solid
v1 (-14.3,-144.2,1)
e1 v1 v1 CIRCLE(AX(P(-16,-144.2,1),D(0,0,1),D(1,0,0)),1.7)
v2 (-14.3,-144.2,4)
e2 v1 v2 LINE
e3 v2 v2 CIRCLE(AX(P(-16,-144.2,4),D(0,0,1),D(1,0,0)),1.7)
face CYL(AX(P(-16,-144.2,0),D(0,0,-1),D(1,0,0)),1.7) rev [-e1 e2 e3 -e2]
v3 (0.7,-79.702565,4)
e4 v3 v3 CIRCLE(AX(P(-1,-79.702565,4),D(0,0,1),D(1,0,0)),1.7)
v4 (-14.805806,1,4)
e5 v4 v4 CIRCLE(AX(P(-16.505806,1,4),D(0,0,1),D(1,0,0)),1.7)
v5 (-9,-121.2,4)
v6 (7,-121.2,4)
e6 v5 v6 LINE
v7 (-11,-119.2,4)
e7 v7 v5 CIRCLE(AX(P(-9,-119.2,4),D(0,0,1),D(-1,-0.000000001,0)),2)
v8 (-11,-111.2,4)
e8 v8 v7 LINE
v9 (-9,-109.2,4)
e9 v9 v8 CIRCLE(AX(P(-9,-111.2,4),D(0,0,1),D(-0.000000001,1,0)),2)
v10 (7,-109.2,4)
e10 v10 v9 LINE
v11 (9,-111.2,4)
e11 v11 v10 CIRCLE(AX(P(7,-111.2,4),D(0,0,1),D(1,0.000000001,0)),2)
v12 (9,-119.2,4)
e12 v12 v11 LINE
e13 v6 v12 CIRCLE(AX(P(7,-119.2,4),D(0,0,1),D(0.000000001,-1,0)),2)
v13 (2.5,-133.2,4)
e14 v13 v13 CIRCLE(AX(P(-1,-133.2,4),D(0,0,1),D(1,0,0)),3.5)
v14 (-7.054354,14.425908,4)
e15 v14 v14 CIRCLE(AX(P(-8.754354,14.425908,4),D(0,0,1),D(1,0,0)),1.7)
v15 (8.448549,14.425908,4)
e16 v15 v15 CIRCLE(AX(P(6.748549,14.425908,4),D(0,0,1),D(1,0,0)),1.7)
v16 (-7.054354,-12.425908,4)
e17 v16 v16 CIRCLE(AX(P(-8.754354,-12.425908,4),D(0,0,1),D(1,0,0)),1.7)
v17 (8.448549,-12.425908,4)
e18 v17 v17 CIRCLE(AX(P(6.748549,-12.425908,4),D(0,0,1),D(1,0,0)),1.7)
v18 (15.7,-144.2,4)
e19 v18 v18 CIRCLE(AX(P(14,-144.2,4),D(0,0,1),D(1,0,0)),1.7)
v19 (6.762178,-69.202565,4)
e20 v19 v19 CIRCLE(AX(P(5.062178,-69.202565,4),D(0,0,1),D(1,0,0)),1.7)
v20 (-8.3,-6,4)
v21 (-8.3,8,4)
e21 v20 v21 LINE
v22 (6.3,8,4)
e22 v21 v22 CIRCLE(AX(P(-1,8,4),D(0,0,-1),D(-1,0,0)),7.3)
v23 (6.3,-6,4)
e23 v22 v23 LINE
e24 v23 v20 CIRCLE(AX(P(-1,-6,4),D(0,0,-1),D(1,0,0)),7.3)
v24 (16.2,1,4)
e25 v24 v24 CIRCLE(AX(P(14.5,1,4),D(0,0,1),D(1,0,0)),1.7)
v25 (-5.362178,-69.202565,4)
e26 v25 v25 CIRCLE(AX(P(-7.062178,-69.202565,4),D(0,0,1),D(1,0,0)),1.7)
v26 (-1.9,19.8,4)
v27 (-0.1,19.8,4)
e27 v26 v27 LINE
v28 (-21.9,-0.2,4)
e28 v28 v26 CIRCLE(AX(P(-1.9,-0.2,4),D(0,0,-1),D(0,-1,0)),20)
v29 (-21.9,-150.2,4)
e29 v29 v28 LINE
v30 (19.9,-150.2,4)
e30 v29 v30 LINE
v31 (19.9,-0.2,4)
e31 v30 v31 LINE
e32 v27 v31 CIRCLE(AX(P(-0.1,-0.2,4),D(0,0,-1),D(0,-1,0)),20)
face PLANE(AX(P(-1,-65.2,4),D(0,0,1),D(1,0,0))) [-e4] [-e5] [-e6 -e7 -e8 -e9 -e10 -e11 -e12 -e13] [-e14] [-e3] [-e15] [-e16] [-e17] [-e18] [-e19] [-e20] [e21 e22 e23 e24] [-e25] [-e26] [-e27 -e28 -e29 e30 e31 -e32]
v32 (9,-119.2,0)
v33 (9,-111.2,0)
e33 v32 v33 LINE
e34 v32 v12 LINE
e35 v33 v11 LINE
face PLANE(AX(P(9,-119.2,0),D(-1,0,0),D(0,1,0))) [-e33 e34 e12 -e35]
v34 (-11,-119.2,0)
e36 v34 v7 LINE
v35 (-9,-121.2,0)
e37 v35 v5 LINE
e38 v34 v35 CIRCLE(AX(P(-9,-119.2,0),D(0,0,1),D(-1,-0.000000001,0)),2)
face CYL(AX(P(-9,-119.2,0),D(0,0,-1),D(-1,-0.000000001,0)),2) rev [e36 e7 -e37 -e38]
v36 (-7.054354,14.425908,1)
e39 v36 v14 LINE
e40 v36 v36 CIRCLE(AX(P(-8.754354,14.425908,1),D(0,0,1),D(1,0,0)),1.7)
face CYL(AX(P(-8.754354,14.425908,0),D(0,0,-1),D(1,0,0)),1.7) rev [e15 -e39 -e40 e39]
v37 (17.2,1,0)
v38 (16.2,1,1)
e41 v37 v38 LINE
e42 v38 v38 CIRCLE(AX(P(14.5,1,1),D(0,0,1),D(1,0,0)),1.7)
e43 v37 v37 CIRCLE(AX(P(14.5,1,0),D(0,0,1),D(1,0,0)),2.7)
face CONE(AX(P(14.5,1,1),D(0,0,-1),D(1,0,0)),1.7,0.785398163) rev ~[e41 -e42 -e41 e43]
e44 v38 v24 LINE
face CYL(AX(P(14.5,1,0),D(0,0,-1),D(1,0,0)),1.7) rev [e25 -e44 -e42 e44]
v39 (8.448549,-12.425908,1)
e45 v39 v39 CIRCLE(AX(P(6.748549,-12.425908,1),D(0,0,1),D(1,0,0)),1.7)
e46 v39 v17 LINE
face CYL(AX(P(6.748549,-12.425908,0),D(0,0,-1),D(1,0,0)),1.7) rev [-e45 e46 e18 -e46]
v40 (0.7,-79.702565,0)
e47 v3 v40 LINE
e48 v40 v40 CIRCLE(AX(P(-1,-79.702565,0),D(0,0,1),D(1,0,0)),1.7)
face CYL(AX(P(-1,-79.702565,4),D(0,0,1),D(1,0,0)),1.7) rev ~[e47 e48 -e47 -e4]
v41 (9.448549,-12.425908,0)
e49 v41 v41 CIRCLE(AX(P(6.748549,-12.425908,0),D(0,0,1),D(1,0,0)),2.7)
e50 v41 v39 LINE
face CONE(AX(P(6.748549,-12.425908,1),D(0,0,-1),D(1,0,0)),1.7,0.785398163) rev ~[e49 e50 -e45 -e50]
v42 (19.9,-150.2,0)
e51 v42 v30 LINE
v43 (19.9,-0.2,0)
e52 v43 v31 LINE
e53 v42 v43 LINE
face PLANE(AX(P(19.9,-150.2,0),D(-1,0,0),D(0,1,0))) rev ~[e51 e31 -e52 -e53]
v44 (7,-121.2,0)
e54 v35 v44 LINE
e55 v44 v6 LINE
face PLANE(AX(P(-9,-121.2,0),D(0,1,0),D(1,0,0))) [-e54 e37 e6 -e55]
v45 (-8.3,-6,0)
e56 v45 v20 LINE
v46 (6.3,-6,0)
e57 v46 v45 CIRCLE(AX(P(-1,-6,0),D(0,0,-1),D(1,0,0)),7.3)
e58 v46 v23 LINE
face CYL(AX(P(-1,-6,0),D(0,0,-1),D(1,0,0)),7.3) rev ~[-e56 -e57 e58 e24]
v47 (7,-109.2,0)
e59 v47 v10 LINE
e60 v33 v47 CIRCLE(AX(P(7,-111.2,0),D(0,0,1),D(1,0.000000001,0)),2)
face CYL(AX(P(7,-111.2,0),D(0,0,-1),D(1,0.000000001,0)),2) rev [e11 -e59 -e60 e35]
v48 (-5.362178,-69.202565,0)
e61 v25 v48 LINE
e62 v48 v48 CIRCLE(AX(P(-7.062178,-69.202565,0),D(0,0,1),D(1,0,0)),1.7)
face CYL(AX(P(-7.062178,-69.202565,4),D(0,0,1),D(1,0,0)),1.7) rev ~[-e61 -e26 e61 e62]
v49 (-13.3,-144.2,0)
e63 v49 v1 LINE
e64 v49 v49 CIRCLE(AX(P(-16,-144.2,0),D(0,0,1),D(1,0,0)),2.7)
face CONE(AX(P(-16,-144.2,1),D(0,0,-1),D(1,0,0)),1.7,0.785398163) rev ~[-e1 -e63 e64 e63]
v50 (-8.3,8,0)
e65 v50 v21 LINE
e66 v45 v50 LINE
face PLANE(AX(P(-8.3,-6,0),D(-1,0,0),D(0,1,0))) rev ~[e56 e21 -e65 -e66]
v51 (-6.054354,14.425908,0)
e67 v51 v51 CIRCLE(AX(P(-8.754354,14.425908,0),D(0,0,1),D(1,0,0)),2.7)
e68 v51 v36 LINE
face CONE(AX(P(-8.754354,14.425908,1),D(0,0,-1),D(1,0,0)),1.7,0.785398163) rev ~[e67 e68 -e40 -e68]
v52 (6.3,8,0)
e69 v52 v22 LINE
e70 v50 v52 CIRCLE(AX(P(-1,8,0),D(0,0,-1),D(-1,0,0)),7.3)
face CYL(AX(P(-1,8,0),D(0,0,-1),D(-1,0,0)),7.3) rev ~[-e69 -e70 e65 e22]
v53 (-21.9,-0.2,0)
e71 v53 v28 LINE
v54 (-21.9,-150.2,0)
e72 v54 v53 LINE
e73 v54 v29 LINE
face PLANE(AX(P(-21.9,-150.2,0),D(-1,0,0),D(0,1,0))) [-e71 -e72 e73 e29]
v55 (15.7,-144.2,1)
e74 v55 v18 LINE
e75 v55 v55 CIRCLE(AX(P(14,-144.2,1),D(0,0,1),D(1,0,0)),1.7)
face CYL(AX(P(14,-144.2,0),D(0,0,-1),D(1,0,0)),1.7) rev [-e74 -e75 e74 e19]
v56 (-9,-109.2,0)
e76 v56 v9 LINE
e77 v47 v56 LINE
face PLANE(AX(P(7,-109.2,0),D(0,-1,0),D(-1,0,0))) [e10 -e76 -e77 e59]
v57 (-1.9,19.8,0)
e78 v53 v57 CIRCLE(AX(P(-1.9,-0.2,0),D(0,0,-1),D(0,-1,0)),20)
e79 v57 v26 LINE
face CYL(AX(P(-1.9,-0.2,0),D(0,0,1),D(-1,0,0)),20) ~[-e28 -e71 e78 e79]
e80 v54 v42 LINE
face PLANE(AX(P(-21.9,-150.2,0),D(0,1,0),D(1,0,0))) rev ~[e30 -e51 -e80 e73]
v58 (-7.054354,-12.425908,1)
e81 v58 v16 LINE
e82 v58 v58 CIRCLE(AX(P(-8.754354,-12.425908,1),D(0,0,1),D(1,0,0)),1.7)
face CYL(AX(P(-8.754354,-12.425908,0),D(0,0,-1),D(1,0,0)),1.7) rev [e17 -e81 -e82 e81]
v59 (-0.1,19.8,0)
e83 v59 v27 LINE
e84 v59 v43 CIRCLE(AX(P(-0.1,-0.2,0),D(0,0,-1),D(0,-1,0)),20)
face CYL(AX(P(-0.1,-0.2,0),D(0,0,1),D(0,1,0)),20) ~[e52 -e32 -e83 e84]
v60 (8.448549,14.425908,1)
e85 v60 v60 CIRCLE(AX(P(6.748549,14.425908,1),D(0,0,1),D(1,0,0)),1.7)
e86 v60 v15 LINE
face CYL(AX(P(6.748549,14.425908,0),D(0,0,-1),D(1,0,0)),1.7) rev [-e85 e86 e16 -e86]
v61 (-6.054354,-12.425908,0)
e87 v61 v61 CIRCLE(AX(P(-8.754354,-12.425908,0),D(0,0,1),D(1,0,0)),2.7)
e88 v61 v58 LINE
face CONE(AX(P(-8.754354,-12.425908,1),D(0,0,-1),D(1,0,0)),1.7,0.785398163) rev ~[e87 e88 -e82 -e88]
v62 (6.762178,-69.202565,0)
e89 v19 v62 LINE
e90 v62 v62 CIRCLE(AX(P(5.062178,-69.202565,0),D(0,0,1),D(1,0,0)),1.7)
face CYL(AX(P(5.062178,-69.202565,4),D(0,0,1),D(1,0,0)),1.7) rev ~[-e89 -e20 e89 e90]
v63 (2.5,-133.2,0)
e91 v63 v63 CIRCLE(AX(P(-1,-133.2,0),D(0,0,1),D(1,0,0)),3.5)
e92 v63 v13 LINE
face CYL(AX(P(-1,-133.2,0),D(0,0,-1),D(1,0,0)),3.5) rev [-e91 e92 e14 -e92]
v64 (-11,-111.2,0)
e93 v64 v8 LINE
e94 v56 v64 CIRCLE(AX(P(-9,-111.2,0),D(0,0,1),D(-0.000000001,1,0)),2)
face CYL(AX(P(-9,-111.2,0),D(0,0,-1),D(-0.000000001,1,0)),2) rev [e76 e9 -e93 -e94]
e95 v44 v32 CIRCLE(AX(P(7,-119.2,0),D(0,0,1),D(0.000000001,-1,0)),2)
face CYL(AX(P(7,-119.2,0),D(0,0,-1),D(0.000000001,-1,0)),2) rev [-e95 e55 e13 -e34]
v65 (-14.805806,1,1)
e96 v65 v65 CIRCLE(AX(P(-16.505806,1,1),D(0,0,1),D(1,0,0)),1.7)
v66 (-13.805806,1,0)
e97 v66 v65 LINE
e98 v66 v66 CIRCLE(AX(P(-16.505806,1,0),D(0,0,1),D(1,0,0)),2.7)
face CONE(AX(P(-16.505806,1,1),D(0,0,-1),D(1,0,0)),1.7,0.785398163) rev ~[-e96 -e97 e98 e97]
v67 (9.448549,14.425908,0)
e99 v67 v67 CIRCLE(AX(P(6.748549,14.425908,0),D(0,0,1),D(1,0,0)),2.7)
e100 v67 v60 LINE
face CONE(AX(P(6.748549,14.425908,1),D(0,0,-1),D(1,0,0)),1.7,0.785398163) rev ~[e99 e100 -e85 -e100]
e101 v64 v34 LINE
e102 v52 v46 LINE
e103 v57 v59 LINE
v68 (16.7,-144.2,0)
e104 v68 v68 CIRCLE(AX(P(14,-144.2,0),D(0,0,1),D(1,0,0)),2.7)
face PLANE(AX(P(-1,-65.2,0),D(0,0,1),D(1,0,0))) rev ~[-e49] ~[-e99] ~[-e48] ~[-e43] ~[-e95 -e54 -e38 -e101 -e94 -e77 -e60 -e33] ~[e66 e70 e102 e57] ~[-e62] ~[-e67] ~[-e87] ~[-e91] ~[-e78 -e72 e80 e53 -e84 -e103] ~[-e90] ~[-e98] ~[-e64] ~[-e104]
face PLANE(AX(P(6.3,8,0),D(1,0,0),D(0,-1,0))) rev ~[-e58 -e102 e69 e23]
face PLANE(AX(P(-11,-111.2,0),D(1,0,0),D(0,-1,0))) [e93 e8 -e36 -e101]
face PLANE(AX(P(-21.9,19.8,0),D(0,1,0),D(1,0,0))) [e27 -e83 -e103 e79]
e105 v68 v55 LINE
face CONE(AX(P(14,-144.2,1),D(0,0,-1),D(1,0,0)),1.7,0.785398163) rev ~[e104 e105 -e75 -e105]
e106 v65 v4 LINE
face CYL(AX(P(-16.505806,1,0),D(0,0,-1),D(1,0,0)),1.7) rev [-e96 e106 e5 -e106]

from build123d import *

# Parameters (mm, degrees)
SKETCH1_W           = 41.8
SKETCH1_H           = 170
SKETCH1_R           = 1.7
SKETCH1_R_2         = 3.5
BOSS_EXTRUDE1_DEPTH = 4
FILLET1_R           = 20
SKETCH2_R           = 1.7
DEPENDANT_DEPTH     = 10
CHAMFER1_SIZE       = 1


with BuildPart() as part:
    # Sketch1 → Boss-Extrude1 (new body)
    with BuildSketch(Plane.XY):
        with Locations((-1, -65.2)):
            Rectangle(SKETCH1_W, SKETCH1_H)
        with Locations((6.748548523, -12.425907791)):
            Circle(SKETCH1_R, mode=Mode.SUBTRACT)
        with Locations((-8.754354431, -12.425907791)):
            Circle(SKETCH1_R, mode=Mode.SUBTRACT)
        with Locations((-16.505805908, 1)):
            Circle(SKETCH1_R, mode=Mode.SUBTRACT)
        with Locations((-8.754354431, 14.425907791)):
            Circle(SKETCH1_R, mode=Mode.SUBTRACT)
        with Locations((6.748548523, 14.425907791)):
            Circle(SKETCH1_R, mode=Mode.SUBTRACT)
        with Locations((14.5, 1)):
            Circle(SKETCH1_R, mode=Mode.SUBTRACT)
        with Locations((14, -144.2)):
            Circle(SKETCH1_R, mode=Mode.SUBTRACT)
        with Locations((-16, -144.2)):
            Circle(SKETCH1_R, mode=Mode.SUBTRACT)
        with Locations((-1, -133.2)):
            Circle(SKETCH1_R_2, mode=Mode.SUBTRACT)
        with BuildLine():
            Line((6.3, 8), (6.3, -6))
            ThreePointArc((6.3, -6), (-1, -13.3), (-8.3, -6))
            Line((-8.3, -6), (-8.3, 8))
            ThreePointArc((-8.3, 8), (-1, 15.3), (6.3, 8))
        make_face(mode=Mode.SUBTRACT)
        with BuildLine():
            Line((-9, -121.2), (7, -121.2))
            ThreePointArc((7, -121.2), (8.414213562, -120.614213562), (9, -119.2))
            Line((9, -119.2), (9, -111.2))
            ThreePointArc((9, -111.2), (8.414213562, -109.785786438), (7, -109.2))
            Line((7, -109.2), (-9, -109.2))
            ThreePointArc((-9, -109.2), (-10.414213562, -109.785786438), (-11, -111.2))
            Line((-11, -111.2), (-11, -119.2))
            ThreePointArc((-11, -119.2), (-10.414213562, -120.614213562), (-9, -121.2))
        make_face(mode=Mode.SUBTRACT)
    extrude(amount=BOSS_EXTRUDE1_DEPTH)

    # Fillet1
    fillet1_edges = [part.edges().sort_by_distance(p)[0] for p in [
        (-21.9, 19.8, 2),
        (19.9, 19.8, 2),
    ]]
    fillet(fillet1_edges, radius=FILLET1_R)

    # Sketch2 → dependant (cut)
    with BuildSketch(Plane.XY.offset(4)):
        with Locations((-1, -79.702564777)):
            Circle(SKETCH2_R)
        with Locations((5.062177826, -69.202564777)):
            Circle(SKETCH2_R)
        with Locations((-7.062177826, -69.202564777)):
            Circle(SKETCH2_R)
    extrude(amount=-DEPENDANT_DEPTH, mode=Mode.SUBTRACT)

    # Chamfer1
    chamfer1_edges = [part.edges().sort_by_distance(p)[0] for p in [
        (5.048548523, -12.425907791, 0),
        (-10.454354431, -12.425907791, 0),
        (-18.205805908, 1, 0),
        (-10.454354431, 14.425907791, 0),
        (5.048548523, 14.425907791, 0),
        (12.8, 1, 0),
        (12.3, -144.2, 0),
        (-17.7, -144.2, 0),
    ]]
    chamfer(chamfer1_edges, length=CHAMFER1_SIZE)


solid = part.part
